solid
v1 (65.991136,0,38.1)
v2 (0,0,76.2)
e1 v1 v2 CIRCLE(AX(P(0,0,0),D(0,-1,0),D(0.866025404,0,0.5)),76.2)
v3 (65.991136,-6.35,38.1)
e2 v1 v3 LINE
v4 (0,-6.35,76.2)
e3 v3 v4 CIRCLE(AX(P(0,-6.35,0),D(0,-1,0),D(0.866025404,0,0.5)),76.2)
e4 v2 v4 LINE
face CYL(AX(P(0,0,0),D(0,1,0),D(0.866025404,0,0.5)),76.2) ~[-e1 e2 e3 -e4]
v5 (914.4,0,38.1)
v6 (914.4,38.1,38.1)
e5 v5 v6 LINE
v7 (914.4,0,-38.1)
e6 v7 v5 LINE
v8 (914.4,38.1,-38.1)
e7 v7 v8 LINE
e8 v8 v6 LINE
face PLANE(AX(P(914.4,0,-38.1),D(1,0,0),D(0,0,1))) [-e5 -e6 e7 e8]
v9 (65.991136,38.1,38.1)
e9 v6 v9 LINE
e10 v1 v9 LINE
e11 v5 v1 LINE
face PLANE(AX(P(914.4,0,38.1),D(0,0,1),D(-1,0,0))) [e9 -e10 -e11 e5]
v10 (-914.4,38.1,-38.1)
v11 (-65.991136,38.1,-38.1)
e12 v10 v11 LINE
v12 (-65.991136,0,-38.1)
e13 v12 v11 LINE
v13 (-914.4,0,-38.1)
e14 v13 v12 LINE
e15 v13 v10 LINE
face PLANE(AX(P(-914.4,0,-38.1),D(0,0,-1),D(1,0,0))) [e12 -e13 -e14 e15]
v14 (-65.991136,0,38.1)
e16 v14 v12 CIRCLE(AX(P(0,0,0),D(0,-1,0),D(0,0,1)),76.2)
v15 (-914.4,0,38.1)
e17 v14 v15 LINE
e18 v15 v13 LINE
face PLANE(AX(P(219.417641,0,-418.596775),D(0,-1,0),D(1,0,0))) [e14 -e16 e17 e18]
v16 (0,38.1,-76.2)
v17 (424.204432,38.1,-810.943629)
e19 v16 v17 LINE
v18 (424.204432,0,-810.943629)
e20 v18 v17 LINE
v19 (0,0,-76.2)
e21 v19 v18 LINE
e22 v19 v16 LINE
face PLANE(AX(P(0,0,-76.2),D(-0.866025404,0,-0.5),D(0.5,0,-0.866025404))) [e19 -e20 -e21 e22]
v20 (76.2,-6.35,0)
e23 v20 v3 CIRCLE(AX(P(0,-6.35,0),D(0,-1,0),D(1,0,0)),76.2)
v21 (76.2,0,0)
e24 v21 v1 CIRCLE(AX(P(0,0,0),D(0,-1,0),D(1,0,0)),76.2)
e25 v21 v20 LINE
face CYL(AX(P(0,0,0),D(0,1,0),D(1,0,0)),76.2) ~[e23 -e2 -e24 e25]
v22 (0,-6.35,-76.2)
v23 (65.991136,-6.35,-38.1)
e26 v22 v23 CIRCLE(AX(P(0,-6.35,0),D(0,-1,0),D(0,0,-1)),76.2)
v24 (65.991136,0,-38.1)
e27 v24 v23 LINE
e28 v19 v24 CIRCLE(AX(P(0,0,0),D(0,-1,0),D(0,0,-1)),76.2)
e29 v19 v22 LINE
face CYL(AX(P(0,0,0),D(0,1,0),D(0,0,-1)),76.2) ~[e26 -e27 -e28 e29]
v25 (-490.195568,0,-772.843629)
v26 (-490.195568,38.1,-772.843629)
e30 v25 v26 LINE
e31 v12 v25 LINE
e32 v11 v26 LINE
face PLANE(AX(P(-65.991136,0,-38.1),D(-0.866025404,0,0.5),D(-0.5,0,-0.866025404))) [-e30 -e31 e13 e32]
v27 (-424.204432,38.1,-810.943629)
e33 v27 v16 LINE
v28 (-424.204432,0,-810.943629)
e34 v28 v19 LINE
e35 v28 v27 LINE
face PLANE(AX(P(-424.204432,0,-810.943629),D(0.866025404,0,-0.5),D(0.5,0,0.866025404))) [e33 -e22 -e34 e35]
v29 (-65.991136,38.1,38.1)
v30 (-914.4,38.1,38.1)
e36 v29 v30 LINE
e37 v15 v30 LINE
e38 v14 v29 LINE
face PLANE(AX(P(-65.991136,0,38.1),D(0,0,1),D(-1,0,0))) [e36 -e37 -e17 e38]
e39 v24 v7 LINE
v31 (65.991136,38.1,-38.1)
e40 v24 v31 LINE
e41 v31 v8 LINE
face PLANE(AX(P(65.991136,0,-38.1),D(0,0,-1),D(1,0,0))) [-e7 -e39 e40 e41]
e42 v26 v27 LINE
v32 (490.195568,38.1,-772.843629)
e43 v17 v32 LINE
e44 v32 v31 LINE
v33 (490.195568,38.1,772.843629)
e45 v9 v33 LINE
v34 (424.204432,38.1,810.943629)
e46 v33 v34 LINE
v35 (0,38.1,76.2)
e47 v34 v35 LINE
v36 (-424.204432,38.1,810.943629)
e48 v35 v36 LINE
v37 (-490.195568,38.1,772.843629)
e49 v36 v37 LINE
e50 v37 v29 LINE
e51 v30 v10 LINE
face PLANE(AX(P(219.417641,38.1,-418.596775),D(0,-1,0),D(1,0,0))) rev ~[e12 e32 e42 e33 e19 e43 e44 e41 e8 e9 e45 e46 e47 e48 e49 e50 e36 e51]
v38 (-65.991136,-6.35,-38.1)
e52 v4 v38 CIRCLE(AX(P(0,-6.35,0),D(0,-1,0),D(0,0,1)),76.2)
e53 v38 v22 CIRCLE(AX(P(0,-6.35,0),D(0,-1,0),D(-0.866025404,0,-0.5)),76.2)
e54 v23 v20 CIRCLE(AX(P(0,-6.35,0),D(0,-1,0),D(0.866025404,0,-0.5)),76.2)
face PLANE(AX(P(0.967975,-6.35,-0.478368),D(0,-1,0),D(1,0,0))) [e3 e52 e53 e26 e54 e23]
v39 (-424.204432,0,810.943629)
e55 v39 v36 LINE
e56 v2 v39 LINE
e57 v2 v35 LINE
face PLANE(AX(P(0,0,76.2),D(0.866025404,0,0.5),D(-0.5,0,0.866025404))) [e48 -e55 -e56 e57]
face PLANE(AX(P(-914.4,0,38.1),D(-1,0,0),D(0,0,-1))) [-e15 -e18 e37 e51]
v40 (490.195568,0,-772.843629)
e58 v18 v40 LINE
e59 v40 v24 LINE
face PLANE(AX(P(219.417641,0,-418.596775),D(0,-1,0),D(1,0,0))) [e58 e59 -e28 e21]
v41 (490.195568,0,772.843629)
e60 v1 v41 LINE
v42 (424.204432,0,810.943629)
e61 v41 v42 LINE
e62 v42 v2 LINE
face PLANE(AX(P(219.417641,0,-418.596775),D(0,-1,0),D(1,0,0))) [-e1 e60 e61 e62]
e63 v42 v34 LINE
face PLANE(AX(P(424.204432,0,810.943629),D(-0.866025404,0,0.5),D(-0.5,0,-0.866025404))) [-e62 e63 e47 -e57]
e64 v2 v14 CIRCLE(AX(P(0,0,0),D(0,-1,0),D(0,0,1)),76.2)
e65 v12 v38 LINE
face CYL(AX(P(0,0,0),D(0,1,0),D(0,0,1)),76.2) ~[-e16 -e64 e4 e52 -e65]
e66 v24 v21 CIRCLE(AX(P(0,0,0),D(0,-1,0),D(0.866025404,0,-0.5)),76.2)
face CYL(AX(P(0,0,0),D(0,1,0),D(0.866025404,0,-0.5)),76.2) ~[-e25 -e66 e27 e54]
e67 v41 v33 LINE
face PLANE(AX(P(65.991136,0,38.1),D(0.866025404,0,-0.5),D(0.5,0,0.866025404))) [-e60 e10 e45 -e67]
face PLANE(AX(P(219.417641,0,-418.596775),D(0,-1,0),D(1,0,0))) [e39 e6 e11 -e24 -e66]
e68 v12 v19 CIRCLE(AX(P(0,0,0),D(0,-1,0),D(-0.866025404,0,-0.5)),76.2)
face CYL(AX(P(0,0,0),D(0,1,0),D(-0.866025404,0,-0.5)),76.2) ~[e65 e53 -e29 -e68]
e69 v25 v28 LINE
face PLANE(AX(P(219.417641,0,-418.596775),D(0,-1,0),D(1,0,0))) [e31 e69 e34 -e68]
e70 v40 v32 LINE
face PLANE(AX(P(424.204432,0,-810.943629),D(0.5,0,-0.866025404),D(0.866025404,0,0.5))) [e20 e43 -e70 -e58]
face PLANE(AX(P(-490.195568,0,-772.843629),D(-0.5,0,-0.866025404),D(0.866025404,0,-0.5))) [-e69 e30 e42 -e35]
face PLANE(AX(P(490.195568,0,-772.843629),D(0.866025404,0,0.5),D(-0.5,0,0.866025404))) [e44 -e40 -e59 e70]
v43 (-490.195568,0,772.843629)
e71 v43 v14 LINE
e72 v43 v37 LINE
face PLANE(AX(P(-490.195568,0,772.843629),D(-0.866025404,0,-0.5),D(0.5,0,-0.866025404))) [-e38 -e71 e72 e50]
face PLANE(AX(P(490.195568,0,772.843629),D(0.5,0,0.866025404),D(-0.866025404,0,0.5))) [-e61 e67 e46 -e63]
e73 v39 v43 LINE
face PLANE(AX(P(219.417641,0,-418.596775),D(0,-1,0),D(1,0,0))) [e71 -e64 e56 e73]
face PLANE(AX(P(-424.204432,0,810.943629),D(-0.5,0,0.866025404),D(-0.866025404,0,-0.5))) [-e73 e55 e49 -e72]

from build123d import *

# Parameters (mm, degrees)
F1_DEPTH = 38.1
F3_DEPTH = 6.35


with BuildPart() as f1:
    # F0 (on Front) → F1 (new body)
    with BuildSketch(Plane.XZ):
        Polygon((21.9970452561, -38.1), (-21.9970452561, -38.1), (0, -76.2), (424.2044321158, -810.9436292205), (457.2, -791.8936292205), align=None)
        Polygon((65.9911357684, -38.1), (21.9970452561, -38.1), (457.2, -791.8936292205), (490.1955678842, -772.8436292205), align=None)
        Polygon((914.4, 0), (0, 0), (21.9970452561, -38.1), (65.9911357684, -38.1), (914.4, -38.1), align=None)
        Polygon((21.9970452561, 38.1), (0, 0), (914.4, 0), (914.4, 38.1), (65.9911357684, 38.1), align=None)
        Polygon((457.2, 791.8936292205), (21.9970452561, 38.1), (65.9911357684, 38.1), (490.1955678842, 772.8436292205), align=None)
        Polygon((0, 76.2), (21.9970452561, 38.1), (457.2, 791.8936292205), (424.2044321158, 810.9436292205), align=None)
        Polygon((-21.9970452561, 38.1), (21.9970452561, 38.1), (0, 76.2), (-424.2044321158, 810.9436292205), (-457.2, 791.8936292205), align=None)
        Polygon((-65.9911357684, 38.1), (-21.9970452561, 38.1), (-457.2, 791.8936292205), (-490.1955678842, 772.8436292205), align=None)
        Polygon((-21.9970452561, -38.1), (0, 0), (-914.4, 0), (-914.4, -38.1), (-65.9911357684, -38.1), align=None)
        Polygon((-914.4, 0), (0, 0), (-21.9970452561, 38.1), (-65.9911357684, 38.1), (-914.4, 38.1), align=None)
        Polygon((-457.2, -791.8936292205), (-21.9970452561, -38.1), (-65.9911357684, -38.1), (-490.1955678842, -772.8436292205), align=None)
        Polygon((0, -76.2), (-21.9970452561, -38.1), (-457.2, -791.8936292205), (-424.2044321158, -810.9436292205), align=None)
        Polygon((-21.9970452561, 38.1), (0, 0), (21.9970452561, 38.1), align=None)
        Polygon((21.9970452561, -38.1), (0, 0), (-21.9970452561, -38.1), align=None)
    extrude(amount=-F1_DEPTH)

    # F2 (on face) → F3 (join)
    with BuildSketch(Plane.XZ):
        with BuildLine():
            ThreePointArc((65.9911357684, -38.1), (73.6035479632, -19.7220112368), (76.2, 0))
            ThreePointArc((76.2, 0), (73.6035479632, 19.7220112368), (65.9911357684, 38.1))
            ThreePointArc((65.9911357684, 38.1), (38.1, 65.9911357684), (0, 76.2))
            ThreePointArc((0, 76.2), (-38.1, 65.9911357684), (-65.9911357684, 38.1))
            ThreePointArc((-65.9911357684, 38.1), (-76.2, 0), (-65.9911357684, -38.1))
            ThreePointArc((-65.9911357684, -38.1), (-38.1, -65.9911357684), (0, -76.2))
            ThreePointArc((0, -76.2), (38.1, -65.9911357684), (65.9911357684, -38.1))
        make_face()
    extrude(amount=F3_DEPTH)


solid = f1.part
